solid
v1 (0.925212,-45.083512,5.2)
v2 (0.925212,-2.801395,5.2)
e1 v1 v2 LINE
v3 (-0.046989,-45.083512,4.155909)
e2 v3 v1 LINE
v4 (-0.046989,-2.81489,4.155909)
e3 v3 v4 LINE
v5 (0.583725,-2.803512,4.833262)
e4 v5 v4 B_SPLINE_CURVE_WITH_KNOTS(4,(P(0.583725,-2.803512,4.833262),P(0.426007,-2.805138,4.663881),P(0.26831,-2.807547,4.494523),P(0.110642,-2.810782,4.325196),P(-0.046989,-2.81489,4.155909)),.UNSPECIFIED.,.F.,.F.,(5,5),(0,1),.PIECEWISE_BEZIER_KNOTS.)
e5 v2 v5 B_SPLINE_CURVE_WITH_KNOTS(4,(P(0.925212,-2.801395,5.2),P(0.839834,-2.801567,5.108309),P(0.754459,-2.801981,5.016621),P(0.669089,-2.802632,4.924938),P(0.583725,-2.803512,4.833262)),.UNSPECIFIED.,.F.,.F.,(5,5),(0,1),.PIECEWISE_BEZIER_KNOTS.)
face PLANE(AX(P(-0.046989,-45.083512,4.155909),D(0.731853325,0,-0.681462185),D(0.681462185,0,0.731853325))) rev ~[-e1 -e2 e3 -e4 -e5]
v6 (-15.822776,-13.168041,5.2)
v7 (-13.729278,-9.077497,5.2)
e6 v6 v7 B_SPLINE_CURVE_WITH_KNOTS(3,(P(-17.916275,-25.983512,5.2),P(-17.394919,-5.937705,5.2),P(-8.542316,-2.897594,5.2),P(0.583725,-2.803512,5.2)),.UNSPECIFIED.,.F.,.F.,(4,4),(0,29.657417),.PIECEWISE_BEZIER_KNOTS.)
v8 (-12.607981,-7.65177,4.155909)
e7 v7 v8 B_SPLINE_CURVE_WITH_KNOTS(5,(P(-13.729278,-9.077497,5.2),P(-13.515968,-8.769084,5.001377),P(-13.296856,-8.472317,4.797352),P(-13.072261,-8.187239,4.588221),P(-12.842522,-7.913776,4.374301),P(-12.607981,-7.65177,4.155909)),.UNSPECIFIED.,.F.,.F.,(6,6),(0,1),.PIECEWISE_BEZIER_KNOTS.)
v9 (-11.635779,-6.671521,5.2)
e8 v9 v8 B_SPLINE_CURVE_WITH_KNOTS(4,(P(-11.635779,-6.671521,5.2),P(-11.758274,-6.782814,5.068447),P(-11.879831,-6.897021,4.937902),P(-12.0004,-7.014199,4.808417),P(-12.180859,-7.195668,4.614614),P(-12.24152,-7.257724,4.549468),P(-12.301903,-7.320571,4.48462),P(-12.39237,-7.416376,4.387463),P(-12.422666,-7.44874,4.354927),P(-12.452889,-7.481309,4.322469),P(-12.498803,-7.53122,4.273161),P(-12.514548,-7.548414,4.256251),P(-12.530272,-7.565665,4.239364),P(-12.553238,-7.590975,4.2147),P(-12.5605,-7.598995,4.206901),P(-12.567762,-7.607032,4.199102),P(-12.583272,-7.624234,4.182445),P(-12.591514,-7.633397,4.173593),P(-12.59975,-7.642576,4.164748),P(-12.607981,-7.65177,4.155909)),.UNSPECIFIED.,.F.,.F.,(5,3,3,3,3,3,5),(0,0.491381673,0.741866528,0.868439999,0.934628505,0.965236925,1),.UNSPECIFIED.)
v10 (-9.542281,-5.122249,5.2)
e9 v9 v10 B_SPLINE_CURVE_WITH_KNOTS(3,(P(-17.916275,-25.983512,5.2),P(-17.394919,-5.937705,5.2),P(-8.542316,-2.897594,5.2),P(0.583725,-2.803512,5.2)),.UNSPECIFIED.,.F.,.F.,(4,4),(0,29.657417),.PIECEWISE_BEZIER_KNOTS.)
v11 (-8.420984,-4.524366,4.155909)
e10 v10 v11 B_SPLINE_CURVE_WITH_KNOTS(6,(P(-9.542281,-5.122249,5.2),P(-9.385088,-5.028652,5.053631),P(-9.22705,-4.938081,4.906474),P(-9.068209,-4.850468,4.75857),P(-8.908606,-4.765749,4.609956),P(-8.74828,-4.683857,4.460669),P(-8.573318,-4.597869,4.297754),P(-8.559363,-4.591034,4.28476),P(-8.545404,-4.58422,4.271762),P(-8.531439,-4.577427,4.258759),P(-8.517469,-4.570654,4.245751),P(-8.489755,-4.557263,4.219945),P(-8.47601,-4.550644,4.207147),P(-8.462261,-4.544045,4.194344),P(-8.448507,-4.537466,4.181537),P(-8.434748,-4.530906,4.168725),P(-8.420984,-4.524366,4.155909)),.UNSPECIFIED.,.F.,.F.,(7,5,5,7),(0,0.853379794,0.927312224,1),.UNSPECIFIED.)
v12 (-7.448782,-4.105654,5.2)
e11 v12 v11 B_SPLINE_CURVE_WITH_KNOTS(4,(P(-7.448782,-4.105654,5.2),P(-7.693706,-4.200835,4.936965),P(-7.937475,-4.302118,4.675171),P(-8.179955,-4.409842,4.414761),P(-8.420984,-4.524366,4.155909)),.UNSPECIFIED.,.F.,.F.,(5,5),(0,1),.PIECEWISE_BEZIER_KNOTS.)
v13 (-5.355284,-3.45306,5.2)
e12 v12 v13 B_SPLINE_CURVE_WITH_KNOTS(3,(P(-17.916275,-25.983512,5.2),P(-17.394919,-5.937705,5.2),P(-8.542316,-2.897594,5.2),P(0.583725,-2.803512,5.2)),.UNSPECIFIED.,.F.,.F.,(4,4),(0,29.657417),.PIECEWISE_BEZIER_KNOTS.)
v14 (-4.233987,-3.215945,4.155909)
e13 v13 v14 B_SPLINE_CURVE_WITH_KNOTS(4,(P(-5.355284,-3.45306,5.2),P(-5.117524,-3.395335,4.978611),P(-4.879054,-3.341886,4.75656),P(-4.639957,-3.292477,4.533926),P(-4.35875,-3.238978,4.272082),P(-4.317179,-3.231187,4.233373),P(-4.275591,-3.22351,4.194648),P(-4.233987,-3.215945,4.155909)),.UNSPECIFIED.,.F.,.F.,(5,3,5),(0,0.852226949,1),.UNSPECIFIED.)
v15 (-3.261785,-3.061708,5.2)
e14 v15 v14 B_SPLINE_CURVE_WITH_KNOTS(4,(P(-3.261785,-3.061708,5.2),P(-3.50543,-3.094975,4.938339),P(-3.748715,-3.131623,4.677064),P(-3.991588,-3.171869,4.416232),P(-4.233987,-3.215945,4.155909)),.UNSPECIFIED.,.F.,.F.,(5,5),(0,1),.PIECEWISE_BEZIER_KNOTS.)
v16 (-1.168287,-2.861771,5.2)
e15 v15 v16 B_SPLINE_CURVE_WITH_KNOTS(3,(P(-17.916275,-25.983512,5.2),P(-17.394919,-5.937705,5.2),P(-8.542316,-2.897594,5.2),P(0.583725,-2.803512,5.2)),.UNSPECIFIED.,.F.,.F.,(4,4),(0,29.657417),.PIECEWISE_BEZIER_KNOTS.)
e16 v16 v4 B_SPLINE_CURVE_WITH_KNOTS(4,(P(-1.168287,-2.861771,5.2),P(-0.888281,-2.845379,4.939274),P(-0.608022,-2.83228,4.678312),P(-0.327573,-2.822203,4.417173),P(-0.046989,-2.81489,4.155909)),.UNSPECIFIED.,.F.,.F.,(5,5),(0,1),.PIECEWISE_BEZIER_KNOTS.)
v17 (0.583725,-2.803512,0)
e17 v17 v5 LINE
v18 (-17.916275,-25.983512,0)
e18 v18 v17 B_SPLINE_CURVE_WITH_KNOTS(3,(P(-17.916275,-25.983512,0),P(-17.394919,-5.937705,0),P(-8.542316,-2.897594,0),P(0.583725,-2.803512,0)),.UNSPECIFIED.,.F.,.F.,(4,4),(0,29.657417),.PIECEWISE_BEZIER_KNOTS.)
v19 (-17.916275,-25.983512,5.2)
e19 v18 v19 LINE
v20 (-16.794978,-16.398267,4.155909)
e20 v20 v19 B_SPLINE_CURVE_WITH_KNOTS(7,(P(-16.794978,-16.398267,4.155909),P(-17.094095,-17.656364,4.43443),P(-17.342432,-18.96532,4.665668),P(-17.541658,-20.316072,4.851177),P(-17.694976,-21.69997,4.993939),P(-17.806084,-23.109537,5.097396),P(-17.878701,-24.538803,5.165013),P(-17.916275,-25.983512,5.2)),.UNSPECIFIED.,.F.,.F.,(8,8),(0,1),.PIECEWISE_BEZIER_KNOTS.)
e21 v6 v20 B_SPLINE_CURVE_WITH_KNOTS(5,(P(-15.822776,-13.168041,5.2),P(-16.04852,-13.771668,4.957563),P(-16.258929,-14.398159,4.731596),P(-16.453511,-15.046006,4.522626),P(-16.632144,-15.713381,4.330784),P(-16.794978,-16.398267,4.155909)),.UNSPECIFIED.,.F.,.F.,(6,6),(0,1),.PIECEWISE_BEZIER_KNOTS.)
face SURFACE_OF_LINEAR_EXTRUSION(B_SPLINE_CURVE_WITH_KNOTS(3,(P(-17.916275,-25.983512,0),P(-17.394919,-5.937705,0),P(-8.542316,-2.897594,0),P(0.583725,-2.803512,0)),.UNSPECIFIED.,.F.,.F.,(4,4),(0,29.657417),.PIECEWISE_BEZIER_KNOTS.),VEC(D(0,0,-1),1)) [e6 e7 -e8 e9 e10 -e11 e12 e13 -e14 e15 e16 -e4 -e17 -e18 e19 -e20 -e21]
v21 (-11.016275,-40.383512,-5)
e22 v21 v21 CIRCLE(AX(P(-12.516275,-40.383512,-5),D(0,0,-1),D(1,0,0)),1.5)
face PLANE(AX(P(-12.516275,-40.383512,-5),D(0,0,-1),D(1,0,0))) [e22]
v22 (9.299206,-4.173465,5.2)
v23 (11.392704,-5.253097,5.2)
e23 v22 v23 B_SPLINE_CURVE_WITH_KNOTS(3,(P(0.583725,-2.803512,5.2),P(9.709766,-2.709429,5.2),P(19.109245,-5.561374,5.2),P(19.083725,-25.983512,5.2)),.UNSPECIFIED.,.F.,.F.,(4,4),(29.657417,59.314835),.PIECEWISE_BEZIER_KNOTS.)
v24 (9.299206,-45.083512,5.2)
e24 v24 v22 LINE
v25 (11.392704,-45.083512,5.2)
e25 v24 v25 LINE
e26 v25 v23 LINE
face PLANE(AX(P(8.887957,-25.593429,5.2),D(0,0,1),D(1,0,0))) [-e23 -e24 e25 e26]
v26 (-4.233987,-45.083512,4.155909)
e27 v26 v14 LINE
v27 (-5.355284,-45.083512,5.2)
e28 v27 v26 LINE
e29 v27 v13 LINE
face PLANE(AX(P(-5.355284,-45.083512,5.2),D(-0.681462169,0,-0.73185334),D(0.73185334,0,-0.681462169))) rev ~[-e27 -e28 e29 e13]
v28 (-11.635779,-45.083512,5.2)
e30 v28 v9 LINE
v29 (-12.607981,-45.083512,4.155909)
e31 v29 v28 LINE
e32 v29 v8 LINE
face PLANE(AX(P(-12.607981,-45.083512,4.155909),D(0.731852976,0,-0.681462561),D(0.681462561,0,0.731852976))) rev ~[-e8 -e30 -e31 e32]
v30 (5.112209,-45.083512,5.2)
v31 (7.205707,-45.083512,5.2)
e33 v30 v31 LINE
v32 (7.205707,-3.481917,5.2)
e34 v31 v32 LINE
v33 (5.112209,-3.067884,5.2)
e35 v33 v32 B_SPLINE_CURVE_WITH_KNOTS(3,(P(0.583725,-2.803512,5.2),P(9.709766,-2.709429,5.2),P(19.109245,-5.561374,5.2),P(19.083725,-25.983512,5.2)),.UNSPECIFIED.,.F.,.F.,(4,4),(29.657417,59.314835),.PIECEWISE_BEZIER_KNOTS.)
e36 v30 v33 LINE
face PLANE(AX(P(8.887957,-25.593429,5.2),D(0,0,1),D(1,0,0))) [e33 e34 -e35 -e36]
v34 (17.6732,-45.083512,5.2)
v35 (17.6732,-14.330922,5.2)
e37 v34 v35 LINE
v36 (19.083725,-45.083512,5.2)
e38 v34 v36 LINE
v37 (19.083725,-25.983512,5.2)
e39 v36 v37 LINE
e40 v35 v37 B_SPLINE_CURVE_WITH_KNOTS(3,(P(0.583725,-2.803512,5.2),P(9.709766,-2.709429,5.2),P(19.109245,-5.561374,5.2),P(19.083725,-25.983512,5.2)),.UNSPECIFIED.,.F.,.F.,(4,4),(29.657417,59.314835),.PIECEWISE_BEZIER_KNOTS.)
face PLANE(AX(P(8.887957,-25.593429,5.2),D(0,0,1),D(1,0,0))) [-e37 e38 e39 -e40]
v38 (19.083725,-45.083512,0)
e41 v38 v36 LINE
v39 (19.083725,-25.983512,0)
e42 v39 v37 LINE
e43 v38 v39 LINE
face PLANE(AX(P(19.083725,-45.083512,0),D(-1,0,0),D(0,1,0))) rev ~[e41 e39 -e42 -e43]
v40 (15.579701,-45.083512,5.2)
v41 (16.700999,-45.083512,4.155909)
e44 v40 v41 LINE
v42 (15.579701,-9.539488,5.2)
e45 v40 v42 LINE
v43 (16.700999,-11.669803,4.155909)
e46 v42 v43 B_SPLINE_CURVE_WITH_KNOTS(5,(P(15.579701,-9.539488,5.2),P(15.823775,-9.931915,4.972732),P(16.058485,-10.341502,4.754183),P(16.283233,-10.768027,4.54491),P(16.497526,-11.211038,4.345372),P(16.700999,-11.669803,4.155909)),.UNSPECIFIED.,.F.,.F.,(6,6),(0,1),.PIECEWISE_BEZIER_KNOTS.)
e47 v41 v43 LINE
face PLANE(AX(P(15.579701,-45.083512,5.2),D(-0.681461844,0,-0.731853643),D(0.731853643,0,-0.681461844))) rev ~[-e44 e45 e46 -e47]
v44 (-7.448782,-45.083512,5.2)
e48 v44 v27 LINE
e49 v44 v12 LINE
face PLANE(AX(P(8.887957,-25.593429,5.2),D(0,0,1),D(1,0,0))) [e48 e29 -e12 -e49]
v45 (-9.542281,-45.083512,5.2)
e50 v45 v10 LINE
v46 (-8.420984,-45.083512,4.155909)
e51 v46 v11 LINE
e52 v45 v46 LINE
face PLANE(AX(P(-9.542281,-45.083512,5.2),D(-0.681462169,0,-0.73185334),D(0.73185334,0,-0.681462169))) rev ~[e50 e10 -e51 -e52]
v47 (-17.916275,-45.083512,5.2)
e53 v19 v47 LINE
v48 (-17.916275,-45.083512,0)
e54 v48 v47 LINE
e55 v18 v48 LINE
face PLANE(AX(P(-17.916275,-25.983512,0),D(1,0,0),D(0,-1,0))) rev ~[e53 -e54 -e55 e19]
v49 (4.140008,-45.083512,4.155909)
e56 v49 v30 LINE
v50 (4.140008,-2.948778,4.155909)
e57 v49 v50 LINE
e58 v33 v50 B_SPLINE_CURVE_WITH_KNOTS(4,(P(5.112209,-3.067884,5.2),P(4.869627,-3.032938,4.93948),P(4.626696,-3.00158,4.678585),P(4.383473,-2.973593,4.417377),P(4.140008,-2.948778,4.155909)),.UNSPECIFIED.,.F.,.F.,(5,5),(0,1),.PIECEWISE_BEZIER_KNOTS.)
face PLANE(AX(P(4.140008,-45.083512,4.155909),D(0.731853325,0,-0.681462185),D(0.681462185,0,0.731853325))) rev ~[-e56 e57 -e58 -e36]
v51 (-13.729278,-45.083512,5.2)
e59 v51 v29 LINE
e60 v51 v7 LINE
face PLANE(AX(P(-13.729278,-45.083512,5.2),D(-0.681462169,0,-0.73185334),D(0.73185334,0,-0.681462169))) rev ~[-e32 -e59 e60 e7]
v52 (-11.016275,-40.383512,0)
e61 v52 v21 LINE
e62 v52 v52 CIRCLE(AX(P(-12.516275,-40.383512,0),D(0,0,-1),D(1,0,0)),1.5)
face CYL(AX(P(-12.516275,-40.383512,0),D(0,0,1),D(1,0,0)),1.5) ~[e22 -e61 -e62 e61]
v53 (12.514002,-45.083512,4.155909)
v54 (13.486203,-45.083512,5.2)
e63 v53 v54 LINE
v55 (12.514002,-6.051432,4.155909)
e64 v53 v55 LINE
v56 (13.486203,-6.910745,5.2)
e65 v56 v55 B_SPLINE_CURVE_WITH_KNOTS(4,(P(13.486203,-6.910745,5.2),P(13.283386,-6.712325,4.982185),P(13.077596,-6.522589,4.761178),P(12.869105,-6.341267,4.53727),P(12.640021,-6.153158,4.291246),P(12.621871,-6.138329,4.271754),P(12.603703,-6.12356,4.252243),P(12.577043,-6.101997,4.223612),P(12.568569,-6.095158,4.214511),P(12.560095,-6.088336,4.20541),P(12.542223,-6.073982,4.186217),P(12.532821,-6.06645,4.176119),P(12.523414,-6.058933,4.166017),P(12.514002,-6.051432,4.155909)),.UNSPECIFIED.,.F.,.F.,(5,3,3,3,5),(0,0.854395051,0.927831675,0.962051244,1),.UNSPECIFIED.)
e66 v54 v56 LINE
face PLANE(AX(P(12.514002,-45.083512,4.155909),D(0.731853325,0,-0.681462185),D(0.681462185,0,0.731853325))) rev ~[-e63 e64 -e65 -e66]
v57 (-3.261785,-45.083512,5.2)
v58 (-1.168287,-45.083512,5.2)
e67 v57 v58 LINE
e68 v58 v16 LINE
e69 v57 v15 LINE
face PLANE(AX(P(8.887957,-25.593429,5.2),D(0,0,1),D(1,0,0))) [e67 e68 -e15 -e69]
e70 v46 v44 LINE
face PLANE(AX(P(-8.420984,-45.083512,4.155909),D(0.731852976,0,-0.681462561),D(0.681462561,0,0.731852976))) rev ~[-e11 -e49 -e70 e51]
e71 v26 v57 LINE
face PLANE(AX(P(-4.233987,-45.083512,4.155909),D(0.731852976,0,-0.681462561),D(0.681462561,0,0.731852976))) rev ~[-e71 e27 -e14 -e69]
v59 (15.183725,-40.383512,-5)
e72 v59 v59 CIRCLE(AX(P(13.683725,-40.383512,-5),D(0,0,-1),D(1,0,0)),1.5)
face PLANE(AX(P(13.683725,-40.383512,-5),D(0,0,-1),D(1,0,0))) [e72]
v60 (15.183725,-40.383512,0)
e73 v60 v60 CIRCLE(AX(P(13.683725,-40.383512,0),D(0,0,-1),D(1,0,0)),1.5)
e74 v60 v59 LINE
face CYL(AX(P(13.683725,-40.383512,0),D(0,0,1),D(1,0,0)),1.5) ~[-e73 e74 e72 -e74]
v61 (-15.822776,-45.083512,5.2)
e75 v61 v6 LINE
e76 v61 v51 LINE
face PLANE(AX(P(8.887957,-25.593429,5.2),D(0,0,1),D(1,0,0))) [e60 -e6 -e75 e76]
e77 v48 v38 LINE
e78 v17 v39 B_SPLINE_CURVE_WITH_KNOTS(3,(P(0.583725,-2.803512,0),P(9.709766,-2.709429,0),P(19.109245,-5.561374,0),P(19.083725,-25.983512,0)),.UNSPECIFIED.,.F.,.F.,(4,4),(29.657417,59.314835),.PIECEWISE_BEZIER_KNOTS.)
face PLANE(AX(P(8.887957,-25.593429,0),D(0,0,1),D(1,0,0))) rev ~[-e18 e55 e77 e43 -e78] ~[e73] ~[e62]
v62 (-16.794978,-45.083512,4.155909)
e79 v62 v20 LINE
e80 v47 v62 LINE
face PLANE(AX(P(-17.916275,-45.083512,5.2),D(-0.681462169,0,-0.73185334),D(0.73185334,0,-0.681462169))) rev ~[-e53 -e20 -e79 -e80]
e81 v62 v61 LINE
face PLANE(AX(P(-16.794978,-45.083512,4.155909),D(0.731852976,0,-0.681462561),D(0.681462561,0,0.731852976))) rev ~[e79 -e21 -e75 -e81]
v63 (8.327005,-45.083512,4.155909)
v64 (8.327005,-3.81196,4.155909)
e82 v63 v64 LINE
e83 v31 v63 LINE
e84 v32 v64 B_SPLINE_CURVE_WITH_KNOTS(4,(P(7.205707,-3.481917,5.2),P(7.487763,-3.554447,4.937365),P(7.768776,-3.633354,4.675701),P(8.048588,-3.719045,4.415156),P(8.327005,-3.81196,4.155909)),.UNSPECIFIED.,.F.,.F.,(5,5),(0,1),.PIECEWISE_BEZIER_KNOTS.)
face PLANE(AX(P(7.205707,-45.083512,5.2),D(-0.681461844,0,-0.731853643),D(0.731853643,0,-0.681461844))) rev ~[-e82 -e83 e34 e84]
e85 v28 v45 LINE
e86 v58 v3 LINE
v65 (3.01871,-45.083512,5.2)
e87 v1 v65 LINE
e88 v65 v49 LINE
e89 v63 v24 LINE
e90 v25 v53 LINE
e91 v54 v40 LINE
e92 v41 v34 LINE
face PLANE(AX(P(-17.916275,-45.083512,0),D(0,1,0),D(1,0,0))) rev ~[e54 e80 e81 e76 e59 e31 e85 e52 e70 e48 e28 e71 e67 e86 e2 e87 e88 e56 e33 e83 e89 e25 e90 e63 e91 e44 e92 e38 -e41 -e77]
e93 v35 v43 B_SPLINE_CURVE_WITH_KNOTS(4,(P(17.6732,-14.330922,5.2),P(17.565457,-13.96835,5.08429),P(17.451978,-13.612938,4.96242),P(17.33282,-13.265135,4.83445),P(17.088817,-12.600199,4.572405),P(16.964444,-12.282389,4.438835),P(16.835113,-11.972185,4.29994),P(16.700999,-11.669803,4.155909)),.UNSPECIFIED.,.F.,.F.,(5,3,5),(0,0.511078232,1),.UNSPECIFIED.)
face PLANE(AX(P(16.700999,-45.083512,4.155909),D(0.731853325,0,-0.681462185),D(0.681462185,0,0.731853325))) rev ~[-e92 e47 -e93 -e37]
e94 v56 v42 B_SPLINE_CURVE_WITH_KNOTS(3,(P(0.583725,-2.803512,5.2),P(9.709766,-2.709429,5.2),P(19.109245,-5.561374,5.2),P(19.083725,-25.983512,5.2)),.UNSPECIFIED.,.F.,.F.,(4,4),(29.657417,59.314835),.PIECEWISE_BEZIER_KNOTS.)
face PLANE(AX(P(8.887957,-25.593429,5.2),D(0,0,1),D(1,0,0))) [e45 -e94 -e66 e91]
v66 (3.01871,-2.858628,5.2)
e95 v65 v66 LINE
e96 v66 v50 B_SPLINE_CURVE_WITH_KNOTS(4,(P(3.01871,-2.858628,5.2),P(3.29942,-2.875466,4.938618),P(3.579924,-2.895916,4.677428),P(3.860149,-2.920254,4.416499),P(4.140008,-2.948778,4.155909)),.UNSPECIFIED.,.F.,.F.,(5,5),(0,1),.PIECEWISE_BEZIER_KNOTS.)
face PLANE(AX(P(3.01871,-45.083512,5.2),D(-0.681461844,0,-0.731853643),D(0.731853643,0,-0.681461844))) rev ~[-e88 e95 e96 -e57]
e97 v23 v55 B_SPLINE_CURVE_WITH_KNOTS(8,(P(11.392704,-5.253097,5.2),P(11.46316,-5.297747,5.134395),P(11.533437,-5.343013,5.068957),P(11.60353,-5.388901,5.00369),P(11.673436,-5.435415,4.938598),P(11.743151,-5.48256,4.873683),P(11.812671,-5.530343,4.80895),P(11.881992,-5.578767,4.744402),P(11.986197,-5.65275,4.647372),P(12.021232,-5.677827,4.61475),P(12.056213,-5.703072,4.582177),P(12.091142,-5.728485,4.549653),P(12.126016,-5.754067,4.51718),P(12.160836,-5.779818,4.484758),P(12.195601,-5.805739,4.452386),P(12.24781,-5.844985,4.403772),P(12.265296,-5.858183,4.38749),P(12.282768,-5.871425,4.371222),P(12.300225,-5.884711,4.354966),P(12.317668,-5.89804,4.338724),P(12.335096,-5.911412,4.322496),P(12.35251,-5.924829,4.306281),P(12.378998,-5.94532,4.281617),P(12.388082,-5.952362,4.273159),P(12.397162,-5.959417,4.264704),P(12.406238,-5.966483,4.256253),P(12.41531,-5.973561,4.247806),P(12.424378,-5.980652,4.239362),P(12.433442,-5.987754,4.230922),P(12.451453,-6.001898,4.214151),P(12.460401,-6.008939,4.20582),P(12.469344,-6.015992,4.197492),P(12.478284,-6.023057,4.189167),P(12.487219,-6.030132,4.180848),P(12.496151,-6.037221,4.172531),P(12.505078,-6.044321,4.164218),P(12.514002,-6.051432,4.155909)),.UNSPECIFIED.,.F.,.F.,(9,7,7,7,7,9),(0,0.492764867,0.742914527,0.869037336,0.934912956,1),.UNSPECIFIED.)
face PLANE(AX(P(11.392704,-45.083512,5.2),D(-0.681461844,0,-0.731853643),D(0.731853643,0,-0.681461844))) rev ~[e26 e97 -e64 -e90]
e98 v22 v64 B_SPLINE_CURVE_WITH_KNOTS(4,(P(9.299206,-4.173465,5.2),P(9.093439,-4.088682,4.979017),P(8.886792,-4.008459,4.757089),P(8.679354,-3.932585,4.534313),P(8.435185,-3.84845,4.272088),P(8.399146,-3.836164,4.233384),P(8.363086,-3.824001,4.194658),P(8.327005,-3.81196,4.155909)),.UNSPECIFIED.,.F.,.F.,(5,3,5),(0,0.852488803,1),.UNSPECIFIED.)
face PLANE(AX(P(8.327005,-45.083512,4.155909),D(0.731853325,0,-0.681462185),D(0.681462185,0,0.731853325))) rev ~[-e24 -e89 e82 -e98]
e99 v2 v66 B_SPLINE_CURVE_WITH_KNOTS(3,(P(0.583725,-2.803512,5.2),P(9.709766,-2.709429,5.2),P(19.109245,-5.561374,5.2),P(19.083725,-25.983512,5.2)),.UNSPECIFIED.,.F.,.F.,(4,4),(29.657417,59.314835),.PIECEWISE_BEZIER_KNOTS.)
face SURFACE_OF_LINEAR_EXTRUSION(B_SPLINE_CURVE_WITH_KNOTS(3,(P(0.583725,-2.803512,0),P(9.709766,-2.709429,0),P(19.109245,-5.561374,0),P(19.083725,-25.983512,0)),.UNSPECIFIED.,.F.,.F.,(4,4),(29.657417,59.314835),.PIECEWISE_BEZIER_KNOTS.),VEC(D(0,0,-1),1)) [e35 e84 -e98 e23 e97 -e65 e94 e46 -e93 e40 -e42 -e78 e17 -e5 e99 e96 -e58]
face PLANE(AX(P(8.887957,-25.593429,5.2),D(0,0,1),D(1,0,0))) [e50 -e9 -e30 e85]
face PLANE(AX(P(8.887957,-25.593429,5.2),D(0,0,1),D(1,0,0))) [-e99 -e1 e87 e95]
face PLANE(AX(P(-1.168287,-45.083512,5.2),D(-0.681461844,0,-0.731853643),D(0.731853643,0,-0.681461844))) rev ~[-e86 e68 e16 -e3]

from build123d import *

# Parameters (mm, degrees)
F1_DEPTH = 5.2
F2_R     = 1.5
F3_DEPTH = 5
F5_DEPTH = 47.5


with BuildPart() as f1:
    # F0 (on Top) → F1 (new body)
    with BuildSketch(Plane.XY):
        with BuildLine():
            Line((0.583725, -2.803512), (0.583725, -45.083512))
            Line((0.583725, -45.083512), (19.083725, -45.083512))
            Line((19.083725, -45.083512), (19.083725, -25.983512))
            add(Edge.make_bspline(
                [(0.583725, -2.803512), (9.709766, -2.709429), (19.109245, -5.561374), (19.083725, -25.983512)],
                knots=[29.657417, 29.657417, 29.657417, 29.657417, 59.314835, 59.314835, 59.314835, 59.314835], degree=3))
        make_face()
        with BuildLine():
            Line((-17.916275, -25.983512), (-17.916275, -45.083512))
            Line((-17.916275, -45.083512), (0.583725, -45.083512))
            Line((0.583725, -45.083512), (0.583725, -2.803512))
            add(Edge.make_bspline(
                [(-17.916275, -25.983512), (-17.394919, -5.937705), (-8.542316, -2.897594), (0.583725, -2.803512)],
                knots=[0, 0, 0, 0, 29.657417, 29.657417, 29.657417, 29.657417], degree=3))
        make_face()
    extrude(amount=F1_DEPTH)

    # F2 (on face) → F3 (join)
    with BuildSketch(Plane(origin=(0, 0, 0), x_dir=(1, 0, 0), z_dir=(0, 0, -1))):
        with Locations((-12.516275, 40.383512)):
            Circle(F2_R)
        with Locations((13.683725, 40.383512)):
            Circle(F2_R)
    extrude(amount=F3_DEPTH)

    # F4 (on face) → F5 (cut)
    with BuildSketch(Plane.XZ.offset(45.083512)):
        Polygon((-15.822776, 5.2), (-17.916275, 5.2), (-16.794978, 4.155909), align=None)
        Polygon((-11.635779, 5.2), (-13.729278, 5.2), (-12.607981, 4.155909), align=None)
        Polygon((-7.448782, 5.2), (-9.542281, 5.2), (-8.420984, 4.155909), align=None)
        Polygon((-3.261785, 5.2), (-5.355284, 5.2), (-4.233987, 4.155909), align=None)
        Polygon((0.925212, 5.2), (-1.168287, 5.2), (-0.046989, 4.155909), align=None)
        Polygon((5.112209, 5.2), (3.01871, 5.2), (4.140008, 4.155909), align=None)
        Polygon((8.327005, 4.155909), (9.299206, 5.2), (7.205707, 5.2), align=None)
        Polygon((12.514002, 4.155909), (13.486203, 5.2), (11.392704, 5.2), align=None)
        Polygon((16.700999, 4.155909), (17.6732, 5.2), (15.579701, 5.2), align=None)
    extrude(amount=-F5_DEPTH, mode=Mode.SUBTRACT)


solid = f1.part
